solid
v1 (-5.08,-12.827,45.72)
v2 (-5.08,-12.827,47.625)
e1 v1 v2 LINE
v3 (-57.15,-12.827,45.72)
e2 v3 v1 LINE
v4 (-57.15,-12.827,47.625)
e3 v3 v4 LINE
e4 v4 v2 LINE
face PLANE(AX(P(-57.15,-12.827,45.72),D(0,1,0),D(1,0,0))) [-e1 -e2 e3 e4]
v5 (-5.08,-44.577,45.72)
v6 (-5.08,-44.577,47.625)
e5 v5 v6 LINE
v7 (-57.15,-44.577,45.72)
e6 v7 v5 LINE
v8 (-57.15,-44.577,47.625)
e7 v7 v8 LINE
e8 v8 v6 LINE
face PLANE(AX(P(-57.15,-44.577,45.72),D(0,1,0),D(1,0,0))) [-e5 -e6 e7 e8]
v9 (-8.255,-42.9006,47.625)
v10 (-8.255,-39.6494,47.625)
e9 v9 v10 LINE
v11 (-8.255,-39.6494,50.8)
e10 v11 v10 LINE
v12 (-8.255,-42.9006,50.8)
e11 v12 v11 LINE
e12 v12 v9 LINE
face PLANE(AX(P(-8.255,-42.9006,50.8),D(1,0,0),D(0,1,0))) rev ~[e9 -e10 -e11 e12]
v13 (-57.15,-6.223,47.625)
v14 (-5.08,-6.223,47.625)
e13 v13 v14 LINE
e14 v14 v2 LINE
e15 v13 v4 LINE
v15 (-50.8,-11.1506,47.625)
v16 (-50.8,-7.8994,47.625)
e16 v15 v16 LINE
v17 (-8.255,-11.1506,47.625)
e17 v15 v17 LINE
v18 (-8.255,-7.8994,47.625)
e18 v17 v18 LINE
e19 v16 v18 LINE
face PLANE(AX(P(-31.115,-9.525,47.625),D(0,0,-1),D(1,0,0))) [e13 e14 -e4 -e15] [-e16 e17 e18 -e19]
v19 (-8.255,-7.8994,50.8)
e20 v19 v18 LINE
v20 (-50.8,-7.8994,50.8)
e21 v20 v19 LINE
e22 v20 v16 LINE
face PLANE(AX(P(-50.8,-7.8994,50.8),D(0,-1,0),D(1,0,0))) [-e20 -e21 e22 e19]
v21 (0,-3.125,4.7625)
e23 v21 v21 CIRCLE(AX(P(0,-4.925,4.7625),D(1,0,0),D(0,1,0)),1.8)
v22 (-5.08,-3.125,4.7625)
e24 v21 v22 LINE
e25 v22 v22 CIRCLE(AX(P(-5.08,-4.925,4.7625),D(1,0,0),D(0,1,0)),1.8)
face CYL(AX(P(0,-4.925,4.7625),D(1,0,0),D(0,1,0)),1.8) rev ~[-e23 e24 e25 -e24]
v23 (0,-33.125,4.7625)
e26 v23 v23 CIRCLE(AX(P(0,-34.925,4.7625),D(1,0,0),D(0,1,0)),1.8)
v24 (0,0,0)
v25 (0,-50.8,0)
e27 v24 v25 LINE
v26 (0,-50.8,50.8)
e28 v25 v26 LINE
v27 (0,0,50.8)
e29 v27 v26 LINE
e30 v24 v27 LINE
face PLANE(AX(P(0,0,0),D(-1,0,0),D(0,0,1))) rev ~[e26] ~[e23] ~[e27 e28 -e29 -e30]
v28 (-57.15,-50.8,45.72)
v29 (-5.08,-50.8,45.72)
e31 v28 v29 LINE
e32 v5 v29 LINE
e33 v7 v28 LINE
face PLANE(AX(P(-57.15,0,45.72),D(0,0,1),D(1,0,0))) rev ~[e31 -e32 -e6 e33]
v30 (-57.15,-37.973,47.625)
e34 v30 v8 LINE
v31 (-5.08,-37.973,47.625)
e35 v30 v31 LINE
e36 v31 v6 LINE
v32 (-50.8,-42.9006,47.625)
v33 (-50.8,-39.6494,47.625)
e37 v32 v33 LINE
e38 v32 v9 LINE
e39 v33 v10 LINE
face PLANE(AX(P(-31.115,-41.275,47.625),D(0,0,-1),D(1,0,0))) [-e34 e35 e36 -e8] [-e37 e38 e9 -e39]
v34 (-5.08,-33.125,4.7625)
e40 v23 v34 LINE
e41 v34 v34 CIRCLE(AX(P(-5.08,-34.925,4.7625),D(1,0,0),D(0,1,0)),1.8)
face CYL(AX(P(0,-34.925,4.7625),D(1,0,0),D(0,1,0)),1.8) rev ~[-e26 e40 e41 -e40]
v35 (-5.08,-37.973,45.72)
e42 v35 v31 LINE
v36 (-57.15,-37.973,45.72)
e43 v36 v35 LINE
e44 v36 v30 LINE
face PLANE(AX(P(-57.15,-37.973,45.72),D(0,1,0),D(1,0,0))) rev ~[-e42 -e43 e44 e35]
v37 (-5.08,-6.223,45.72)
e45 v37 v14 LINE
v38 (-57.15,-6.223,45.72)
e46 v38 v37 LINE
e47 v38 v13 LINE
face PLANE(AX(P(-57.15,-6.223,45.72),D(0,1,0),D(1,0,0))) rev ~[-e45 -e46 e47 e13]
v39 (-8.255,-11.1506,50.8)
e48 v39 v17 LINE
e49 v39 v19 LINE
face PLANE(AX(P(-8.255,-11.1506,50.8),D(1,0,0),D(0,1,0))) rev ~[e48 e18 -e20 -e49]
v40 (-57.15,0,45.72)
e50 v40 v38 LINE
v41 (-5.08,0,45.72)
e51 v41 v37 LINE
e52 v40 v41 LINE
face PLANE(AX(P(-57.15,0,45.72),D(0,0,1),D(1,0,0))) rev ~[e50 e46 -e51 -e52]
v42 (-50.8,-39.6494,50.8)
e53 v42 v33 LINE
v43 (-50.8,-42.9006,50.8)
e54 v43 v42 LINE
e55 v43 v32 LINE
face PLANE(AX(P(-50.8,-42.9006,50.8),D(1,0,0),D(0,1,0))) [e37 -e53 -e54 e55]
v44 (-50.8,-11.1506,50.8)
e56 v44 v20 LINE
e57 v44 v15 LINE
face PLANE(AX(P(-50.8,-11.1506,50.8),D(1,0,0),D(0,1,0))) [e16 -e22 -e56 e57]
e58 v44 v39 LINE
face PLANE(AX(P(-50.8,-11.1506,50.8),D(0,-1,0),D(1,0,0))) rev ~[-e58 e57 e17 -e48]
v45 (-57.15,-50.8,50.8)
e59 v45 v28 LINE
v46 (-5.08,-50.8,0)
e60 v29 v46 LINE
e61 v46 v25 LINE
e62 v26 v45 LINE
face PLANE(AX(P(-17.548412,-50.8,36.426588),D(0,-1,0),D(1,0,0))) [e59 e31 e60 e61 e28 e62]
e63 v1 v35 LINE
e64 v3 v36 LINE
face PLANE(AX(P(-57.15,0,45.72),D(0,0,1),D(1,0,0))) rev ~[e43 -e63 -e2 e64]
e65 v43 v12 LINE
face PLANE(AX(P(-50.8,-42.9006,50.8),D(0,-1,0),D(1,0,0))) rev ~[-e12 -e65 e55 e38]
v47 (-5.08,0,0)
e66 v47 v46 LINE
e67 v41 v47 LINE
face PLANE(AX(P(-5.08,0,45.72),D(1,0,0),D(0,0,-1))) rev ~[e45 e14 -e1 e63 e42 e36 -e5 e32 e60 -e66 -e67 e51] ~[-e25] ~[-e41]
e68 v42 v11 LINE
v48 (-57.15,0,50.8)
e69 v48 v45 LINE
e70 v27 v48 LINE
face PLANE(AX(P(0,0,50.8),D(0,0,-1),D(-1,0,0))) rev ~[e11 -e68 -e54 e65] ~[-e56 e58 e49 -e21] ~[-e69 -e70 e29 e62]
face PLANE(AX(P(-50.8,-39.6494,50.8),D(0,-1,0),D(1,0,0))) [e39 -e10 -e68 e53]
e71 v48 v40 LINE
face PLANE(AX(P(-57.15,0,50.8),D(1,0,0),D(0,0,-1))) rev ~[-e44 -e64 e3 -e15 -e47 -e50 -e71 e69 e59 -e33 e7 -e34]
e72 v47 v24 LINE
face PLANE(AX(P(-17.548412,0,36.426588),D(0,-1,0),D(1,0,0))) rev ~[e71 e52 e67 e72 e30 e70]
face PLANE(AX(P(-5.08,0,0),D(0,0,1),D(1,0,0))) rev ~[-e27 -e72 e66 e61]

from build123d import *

# Parameters (mm, degrees)
F1_DEPTH = 50.8
F2_R     = 1.8
F3_DEPTH = 25.4
F4_W     = 42.545
F4_H     = 3.2512
F5_DEPTH = 25.4
F6_W     = 52.07
F6_H     = 6.604
F7_DEPTH = 1.905


with BuildPart() as f1:
    # F0 (on Front) → F1 (new body)
    with BuildSketch(Plane.XZ):
        Polygon((-5.08, 0), (0, 0), (0, 50.8), (-57.15, 50.8), (-57.15, 45.72), (-5.08, 45.72), align=None)
    extrude(amount=F1_DEPTH)

    # F2 (on face) → F3 (cut)
    with BuildSketch(Plane.YZ):
        with Locations((-34.925, 4.7625)):
            Circle(F2_R)
        with Locations((-4.925, 4.7625)):
            Circle(F2_R)
    extrude(amount=-F3_DEPTH, mode=Mode.SUBTRACT)

    # F4 (on face) → F5 (cut)
    with BuildSketch(Plane.XY.offset(50.8)):
        with Locations((-29.5275, -41.275)):
            Rectangle(F4_W, F4_H)
        with Locations((-29.5275, -9.525)):
            Rectangle(F4_W, F4_H)
    extrude(amount=-F5_DEPTH, mode=Mode.SUBTRACT)

    # F6 (on face) → F7 (cut)
    with BuildSketch(Plane(origin=(0, 0, 45.72), x_dir=(1, 0, 0), z_dir=(0, 0, -1))):
        with Locations((-31.115, 41.275)):
            Rectangle(F6_W, F6_H)
        with Locations((-31.115, 9.525)):
            Rectangle(F6_W, F6_H)
    extrude(amount=-F7_DEPTH, mode=Mode.SUBTRACT)


solid = f1.part
